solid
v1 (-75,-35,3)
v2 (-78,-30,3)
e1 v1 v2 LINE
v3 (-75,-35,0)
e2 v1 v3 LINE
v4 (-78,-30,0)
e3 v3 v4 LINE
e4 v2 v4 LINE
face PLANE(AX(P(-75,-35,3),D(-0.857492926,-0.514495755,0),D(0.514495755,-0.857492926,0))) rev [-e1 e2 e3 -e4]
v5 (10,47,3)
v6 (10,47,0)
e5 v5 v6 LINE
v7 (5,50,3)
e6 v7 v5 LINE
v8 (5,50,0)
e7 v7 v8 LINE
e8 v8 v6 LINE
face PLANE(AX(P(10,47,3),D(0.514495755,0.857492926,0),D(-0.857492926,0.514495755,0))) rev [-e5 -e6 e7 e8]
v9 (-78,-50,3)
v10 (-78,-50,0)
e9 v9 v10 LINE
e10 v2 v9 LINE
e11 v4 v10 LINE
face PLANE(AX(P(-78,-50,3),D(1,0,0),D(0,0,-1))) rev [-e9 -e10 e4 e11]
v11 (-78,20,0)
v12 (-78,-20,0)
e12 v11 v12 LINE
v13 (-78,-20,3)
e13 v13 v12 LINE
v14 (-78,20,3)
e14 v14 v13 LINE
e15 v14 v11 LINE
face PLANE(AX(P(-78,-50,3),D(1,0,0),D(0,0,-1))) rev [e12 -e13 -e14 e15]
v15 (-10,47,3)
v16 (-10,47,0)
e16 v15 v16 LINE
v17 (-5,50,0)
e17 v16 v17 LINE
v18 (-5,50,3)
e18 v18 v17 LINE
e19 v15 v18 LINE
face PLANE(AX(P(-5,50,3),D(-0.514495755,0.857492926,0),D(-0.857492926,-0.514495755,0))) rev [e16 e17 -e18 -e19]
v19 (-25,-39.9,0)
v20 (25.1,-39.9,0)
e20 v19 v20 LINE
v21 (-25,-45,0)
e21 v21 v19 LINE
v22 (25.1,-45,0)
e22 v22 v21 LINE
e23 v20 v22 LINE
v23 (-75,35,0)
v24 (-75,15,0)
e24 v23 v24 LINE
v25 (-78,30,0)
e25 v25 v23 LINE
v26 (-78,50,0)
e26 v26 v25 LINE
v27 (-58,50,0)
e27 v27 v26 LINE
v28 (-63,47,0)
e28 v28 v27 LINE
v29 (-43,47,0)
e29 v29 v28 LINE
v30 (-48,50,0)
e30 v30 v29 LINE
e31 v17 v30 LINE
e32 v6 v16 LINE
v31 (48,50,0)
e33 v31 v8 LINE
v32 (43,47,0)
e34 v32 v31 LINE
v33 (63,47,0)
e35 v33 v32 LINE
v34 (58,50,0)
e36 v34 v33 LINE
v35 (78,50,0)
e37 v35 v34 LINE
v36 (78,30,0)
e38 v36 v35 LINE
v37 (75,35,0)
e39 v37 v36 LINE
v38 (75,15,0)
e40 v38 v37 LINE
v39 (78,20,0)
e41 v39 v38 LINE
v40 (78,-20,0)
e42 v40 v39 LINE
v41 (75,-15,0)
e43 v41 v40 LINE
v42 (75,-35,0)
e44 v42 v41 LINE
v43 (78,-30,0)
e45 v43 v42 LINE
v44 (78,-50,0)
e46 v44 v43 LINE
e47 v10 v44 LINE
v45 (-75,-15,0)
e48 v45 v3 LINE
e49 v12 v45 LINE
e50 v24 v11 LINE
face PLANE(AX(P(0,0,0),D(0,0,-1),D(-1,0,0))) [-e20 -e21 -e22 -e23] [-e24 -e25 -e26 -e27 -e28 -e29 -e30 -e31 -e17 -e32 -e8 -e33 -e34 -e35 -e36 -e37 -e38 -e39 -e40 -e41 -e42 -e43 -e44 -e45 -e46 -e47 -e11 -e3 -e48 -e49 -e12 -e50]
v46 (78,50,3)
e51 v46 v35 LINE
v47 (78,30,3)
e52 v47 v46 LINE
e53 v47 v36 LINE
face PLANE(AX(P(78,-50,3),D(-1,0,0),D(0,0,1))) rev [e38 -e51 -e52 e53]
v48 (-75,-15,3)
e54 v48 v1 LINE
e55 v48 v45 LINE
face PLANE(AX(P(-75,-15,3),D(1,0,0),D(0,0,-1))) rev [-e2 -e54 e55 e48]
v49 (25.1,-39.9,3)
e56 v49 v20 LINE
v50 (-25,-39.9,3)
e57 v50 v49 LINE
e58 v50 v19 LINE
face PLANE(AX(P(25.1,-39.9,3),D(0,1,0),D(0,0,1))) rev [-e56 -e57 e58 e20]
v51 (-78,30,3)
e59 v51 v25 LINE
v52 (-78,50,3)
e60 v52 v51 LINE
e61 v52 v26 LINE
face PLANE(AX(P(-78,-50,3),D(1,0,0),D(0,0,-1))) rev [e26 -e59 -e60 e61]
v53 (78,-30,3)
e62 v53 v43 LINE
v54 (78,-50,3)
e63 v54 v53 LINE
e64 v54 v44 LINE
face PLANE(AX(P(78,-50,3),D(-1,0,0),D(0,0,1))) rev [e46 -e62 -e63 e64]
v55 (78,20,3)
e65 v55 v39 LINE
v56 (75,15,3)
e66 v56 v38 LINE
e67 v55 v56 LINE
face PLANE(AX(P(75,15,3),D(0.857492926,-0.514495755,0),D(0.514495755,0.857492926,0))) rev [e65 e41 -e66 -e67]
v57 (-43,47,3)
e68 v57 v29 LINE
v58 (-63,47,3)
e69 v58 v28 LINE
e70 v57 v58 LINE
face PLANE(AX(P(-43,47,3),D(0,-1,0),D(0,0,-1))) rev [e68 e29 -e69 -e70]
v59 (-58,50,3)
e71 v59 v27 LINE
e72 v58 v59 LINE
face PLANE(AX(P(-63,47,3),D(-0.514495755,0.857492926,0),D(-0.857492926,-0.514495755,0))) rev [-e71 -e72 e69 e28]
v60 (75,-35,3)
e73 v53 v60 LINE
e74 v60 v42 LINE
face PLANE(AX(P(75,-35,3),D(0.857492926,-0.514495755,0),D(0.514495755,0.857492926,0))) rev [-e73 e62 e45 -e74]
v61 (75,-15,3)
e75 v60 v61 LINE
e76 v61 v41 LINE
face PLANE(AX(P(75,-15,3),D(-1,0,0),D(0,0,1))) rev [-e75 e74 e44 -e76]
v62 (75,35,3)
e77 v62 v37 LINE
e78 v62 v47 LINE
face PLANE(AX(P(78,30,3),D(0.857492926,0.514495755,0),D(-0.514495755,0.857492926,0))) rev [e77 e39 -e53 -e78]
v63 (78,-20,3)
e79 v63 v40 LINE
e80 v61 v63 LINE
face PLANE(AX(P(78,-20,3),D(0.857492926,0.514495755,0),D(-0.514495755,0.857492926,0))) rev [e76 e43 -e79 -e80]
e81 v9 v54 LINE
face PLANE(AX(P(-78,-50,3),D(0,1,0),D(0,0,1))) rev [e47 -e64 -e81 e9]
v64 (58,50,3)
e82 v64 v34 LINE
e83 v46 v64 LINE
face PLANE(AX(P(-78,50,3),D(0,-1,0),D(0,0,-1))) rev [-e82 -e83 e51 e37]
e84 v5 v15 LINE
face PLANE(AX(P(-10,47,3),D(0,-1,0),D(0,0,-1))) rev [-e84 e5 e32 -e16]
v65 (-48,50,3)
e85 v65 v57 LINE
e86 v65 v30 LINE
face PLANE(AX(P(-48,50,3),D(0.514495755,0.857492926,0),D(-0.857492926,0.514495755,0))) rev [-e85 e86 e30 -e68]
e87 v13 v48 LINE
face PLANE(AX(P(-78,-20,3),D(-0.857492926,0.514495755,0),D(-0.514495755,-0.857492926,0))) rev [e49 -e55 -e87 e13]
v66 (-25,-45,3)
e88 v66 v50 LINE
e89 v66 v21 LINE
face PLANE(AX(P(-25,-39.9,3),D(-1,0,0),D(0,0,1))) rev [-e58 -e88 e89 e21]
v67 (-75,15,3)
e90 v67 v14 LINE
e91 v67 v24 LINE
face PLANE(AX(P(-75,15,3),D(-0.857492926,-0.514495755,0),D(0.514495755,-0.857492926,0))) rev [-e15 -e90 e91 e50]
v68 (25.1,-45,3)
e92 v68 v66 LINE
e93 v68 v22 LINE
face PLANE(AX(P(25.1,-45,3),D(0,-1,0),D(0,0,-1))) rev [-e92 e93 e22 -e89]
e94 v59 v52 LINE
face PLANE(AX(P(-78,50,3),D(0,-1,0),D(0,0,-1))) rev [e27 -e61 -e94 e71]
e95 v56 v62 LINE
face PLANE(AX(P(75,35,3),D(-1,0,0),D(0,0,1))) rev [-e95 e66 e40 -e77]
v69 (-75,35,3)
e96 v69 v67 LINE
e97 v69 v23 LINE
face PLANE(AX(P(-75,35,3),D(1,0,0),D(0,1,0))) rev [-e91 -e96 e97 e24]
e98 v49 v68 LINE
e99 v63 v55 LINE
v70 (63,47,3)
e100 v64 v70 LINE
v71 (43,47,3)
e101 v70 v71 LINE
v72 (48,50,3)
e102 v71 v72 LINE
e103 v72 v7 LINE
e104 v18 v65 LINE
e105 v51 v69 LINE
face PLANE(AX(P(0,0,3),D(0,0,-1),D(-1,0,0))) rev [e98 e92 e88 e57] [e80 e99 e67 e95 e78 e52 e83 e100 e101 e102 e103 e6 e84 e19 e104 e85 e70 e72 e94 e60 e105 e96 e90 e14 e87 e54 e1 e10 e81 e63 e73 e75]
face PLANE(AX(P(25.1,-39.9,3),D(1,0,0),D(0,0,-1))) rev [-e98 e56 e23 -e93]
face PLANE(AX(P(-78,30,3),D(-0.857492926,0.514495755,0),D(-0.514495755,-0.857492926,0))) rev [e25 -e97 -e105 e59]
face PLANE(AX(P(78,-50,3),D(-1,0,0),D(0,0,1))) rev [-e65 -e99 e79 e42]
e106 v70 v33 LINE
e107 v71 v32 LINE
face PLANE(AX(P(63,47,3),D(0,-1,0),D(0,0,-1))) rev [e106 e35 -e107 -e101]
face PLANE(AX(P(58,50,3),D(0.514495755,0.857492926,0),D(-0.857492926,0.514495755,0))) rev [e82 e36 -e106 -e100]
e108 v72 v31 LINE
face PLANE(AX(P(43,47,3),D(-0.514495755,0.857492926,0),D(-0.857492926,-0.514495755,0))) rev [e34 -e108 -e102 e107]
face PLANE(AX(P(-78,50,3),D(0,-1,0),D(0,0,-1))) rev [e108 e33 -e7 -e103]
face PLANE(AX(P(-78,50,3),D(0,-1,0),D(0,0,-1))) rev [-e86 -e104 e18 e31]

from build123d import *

# Parameters (mm, degrees)
ESQUISSE1_W             = 156
ESQUISSE1_H             = 100
BOSS_EXTRU_1_DEPTH      = 3
ENL_V_MAT_EXTRU_1_DEPTH = 3
ENL_V_MAT_EXTRU_3_DEPTH = 3
ENL_V_MAT_EXTRU_4_DEPTH = 3
ESQUISSE6_W             = 50.1
ESQUISSE6_H             = 5.1
ENL_V_MAT_EXTRU_5_DEPTH = 3


with BuildPart() as part:
    # Esquisse1 → Boss.-Extru.1 (new body)
    with BuildSketch(Plane.XY):
        Rectangle(ESQUISSE1_W, ESQUISSE1_H)
    extrude(amount=BOSS_EXTRU_1_DEPTH)

    # Esquisse2 → Enlèv. mat.-Extru.1 (cut)
    with BuildSketch(Plane(origin=(0, 0, 0), x_dir=(-1, 0, 0), z_dir=(0, 0, -1))):
        Polygon((-58, 50), (-63, 47), (-43, 47), (-48, 50), align=None)
        Polygon((-10, 47), (-5, 50), (5, 50), (10, 47), align=None)
        Polygon((48, 50), (43, 47), (63, 47), (58, 50), align=None)
    extrude(amount=-ENL_V_MAT_EXTRU_1_DEPTH, mode=Mode.SUBTRACT)

    # Esquisse4 → Enlèv. mat.-Extru.3 (cut)
    with BuildSketch(Plane(origin=(0, 0, 0), x_dir=(-1, 0, 0), z_dir=(0, 0, -1))):
        Polygon((-78, 30), (-75, 35), (-75, 15), (-78, 20), align=None)
        Polygon((-78, -20), (-75, -15), (-75, -35), (-78, -30), align=None)
    extrude(amount=-ENL_V_MAT_EXTRU_3_DEPTH, mode=Mode.SUBTRACT)

    # Esquisse5 → Enlèv. mat.-Extru.4 (cut)
    with BuildSketch(Plane(origin=(0, 0, 0), x_dir=(-1, 0, 0), z_dir=(0, 0, -1))):
        Polygon((78, 30), (75, 35), (75, 15), (78, 20), align=None)
        Polygon((78, -20), (75, -15), (75, -35), (78, -30), align=None)
    extrude(amount=-ENL_V_MAT_EXTRU_4_DEPTH, mode=Mode.SUBTRACT)

    # Esquisse6 → Enlèv. mat.-Extru.5 (cut)
    with BuildSketch(Plane(origin=(0, 0, 0), x_dir=(-1, 0, 0), z_dir=(0, 0, -1))):
        with Locations((-0.05, -42.45)):
            Rectangle(ESQUISSE6_W, ESQUISSE6_H)
    extrude(amount=-ENL_V_MAT_EXTRU_5_DEPTH, mode=Mode.SUBTRACT)


solid = part.part
